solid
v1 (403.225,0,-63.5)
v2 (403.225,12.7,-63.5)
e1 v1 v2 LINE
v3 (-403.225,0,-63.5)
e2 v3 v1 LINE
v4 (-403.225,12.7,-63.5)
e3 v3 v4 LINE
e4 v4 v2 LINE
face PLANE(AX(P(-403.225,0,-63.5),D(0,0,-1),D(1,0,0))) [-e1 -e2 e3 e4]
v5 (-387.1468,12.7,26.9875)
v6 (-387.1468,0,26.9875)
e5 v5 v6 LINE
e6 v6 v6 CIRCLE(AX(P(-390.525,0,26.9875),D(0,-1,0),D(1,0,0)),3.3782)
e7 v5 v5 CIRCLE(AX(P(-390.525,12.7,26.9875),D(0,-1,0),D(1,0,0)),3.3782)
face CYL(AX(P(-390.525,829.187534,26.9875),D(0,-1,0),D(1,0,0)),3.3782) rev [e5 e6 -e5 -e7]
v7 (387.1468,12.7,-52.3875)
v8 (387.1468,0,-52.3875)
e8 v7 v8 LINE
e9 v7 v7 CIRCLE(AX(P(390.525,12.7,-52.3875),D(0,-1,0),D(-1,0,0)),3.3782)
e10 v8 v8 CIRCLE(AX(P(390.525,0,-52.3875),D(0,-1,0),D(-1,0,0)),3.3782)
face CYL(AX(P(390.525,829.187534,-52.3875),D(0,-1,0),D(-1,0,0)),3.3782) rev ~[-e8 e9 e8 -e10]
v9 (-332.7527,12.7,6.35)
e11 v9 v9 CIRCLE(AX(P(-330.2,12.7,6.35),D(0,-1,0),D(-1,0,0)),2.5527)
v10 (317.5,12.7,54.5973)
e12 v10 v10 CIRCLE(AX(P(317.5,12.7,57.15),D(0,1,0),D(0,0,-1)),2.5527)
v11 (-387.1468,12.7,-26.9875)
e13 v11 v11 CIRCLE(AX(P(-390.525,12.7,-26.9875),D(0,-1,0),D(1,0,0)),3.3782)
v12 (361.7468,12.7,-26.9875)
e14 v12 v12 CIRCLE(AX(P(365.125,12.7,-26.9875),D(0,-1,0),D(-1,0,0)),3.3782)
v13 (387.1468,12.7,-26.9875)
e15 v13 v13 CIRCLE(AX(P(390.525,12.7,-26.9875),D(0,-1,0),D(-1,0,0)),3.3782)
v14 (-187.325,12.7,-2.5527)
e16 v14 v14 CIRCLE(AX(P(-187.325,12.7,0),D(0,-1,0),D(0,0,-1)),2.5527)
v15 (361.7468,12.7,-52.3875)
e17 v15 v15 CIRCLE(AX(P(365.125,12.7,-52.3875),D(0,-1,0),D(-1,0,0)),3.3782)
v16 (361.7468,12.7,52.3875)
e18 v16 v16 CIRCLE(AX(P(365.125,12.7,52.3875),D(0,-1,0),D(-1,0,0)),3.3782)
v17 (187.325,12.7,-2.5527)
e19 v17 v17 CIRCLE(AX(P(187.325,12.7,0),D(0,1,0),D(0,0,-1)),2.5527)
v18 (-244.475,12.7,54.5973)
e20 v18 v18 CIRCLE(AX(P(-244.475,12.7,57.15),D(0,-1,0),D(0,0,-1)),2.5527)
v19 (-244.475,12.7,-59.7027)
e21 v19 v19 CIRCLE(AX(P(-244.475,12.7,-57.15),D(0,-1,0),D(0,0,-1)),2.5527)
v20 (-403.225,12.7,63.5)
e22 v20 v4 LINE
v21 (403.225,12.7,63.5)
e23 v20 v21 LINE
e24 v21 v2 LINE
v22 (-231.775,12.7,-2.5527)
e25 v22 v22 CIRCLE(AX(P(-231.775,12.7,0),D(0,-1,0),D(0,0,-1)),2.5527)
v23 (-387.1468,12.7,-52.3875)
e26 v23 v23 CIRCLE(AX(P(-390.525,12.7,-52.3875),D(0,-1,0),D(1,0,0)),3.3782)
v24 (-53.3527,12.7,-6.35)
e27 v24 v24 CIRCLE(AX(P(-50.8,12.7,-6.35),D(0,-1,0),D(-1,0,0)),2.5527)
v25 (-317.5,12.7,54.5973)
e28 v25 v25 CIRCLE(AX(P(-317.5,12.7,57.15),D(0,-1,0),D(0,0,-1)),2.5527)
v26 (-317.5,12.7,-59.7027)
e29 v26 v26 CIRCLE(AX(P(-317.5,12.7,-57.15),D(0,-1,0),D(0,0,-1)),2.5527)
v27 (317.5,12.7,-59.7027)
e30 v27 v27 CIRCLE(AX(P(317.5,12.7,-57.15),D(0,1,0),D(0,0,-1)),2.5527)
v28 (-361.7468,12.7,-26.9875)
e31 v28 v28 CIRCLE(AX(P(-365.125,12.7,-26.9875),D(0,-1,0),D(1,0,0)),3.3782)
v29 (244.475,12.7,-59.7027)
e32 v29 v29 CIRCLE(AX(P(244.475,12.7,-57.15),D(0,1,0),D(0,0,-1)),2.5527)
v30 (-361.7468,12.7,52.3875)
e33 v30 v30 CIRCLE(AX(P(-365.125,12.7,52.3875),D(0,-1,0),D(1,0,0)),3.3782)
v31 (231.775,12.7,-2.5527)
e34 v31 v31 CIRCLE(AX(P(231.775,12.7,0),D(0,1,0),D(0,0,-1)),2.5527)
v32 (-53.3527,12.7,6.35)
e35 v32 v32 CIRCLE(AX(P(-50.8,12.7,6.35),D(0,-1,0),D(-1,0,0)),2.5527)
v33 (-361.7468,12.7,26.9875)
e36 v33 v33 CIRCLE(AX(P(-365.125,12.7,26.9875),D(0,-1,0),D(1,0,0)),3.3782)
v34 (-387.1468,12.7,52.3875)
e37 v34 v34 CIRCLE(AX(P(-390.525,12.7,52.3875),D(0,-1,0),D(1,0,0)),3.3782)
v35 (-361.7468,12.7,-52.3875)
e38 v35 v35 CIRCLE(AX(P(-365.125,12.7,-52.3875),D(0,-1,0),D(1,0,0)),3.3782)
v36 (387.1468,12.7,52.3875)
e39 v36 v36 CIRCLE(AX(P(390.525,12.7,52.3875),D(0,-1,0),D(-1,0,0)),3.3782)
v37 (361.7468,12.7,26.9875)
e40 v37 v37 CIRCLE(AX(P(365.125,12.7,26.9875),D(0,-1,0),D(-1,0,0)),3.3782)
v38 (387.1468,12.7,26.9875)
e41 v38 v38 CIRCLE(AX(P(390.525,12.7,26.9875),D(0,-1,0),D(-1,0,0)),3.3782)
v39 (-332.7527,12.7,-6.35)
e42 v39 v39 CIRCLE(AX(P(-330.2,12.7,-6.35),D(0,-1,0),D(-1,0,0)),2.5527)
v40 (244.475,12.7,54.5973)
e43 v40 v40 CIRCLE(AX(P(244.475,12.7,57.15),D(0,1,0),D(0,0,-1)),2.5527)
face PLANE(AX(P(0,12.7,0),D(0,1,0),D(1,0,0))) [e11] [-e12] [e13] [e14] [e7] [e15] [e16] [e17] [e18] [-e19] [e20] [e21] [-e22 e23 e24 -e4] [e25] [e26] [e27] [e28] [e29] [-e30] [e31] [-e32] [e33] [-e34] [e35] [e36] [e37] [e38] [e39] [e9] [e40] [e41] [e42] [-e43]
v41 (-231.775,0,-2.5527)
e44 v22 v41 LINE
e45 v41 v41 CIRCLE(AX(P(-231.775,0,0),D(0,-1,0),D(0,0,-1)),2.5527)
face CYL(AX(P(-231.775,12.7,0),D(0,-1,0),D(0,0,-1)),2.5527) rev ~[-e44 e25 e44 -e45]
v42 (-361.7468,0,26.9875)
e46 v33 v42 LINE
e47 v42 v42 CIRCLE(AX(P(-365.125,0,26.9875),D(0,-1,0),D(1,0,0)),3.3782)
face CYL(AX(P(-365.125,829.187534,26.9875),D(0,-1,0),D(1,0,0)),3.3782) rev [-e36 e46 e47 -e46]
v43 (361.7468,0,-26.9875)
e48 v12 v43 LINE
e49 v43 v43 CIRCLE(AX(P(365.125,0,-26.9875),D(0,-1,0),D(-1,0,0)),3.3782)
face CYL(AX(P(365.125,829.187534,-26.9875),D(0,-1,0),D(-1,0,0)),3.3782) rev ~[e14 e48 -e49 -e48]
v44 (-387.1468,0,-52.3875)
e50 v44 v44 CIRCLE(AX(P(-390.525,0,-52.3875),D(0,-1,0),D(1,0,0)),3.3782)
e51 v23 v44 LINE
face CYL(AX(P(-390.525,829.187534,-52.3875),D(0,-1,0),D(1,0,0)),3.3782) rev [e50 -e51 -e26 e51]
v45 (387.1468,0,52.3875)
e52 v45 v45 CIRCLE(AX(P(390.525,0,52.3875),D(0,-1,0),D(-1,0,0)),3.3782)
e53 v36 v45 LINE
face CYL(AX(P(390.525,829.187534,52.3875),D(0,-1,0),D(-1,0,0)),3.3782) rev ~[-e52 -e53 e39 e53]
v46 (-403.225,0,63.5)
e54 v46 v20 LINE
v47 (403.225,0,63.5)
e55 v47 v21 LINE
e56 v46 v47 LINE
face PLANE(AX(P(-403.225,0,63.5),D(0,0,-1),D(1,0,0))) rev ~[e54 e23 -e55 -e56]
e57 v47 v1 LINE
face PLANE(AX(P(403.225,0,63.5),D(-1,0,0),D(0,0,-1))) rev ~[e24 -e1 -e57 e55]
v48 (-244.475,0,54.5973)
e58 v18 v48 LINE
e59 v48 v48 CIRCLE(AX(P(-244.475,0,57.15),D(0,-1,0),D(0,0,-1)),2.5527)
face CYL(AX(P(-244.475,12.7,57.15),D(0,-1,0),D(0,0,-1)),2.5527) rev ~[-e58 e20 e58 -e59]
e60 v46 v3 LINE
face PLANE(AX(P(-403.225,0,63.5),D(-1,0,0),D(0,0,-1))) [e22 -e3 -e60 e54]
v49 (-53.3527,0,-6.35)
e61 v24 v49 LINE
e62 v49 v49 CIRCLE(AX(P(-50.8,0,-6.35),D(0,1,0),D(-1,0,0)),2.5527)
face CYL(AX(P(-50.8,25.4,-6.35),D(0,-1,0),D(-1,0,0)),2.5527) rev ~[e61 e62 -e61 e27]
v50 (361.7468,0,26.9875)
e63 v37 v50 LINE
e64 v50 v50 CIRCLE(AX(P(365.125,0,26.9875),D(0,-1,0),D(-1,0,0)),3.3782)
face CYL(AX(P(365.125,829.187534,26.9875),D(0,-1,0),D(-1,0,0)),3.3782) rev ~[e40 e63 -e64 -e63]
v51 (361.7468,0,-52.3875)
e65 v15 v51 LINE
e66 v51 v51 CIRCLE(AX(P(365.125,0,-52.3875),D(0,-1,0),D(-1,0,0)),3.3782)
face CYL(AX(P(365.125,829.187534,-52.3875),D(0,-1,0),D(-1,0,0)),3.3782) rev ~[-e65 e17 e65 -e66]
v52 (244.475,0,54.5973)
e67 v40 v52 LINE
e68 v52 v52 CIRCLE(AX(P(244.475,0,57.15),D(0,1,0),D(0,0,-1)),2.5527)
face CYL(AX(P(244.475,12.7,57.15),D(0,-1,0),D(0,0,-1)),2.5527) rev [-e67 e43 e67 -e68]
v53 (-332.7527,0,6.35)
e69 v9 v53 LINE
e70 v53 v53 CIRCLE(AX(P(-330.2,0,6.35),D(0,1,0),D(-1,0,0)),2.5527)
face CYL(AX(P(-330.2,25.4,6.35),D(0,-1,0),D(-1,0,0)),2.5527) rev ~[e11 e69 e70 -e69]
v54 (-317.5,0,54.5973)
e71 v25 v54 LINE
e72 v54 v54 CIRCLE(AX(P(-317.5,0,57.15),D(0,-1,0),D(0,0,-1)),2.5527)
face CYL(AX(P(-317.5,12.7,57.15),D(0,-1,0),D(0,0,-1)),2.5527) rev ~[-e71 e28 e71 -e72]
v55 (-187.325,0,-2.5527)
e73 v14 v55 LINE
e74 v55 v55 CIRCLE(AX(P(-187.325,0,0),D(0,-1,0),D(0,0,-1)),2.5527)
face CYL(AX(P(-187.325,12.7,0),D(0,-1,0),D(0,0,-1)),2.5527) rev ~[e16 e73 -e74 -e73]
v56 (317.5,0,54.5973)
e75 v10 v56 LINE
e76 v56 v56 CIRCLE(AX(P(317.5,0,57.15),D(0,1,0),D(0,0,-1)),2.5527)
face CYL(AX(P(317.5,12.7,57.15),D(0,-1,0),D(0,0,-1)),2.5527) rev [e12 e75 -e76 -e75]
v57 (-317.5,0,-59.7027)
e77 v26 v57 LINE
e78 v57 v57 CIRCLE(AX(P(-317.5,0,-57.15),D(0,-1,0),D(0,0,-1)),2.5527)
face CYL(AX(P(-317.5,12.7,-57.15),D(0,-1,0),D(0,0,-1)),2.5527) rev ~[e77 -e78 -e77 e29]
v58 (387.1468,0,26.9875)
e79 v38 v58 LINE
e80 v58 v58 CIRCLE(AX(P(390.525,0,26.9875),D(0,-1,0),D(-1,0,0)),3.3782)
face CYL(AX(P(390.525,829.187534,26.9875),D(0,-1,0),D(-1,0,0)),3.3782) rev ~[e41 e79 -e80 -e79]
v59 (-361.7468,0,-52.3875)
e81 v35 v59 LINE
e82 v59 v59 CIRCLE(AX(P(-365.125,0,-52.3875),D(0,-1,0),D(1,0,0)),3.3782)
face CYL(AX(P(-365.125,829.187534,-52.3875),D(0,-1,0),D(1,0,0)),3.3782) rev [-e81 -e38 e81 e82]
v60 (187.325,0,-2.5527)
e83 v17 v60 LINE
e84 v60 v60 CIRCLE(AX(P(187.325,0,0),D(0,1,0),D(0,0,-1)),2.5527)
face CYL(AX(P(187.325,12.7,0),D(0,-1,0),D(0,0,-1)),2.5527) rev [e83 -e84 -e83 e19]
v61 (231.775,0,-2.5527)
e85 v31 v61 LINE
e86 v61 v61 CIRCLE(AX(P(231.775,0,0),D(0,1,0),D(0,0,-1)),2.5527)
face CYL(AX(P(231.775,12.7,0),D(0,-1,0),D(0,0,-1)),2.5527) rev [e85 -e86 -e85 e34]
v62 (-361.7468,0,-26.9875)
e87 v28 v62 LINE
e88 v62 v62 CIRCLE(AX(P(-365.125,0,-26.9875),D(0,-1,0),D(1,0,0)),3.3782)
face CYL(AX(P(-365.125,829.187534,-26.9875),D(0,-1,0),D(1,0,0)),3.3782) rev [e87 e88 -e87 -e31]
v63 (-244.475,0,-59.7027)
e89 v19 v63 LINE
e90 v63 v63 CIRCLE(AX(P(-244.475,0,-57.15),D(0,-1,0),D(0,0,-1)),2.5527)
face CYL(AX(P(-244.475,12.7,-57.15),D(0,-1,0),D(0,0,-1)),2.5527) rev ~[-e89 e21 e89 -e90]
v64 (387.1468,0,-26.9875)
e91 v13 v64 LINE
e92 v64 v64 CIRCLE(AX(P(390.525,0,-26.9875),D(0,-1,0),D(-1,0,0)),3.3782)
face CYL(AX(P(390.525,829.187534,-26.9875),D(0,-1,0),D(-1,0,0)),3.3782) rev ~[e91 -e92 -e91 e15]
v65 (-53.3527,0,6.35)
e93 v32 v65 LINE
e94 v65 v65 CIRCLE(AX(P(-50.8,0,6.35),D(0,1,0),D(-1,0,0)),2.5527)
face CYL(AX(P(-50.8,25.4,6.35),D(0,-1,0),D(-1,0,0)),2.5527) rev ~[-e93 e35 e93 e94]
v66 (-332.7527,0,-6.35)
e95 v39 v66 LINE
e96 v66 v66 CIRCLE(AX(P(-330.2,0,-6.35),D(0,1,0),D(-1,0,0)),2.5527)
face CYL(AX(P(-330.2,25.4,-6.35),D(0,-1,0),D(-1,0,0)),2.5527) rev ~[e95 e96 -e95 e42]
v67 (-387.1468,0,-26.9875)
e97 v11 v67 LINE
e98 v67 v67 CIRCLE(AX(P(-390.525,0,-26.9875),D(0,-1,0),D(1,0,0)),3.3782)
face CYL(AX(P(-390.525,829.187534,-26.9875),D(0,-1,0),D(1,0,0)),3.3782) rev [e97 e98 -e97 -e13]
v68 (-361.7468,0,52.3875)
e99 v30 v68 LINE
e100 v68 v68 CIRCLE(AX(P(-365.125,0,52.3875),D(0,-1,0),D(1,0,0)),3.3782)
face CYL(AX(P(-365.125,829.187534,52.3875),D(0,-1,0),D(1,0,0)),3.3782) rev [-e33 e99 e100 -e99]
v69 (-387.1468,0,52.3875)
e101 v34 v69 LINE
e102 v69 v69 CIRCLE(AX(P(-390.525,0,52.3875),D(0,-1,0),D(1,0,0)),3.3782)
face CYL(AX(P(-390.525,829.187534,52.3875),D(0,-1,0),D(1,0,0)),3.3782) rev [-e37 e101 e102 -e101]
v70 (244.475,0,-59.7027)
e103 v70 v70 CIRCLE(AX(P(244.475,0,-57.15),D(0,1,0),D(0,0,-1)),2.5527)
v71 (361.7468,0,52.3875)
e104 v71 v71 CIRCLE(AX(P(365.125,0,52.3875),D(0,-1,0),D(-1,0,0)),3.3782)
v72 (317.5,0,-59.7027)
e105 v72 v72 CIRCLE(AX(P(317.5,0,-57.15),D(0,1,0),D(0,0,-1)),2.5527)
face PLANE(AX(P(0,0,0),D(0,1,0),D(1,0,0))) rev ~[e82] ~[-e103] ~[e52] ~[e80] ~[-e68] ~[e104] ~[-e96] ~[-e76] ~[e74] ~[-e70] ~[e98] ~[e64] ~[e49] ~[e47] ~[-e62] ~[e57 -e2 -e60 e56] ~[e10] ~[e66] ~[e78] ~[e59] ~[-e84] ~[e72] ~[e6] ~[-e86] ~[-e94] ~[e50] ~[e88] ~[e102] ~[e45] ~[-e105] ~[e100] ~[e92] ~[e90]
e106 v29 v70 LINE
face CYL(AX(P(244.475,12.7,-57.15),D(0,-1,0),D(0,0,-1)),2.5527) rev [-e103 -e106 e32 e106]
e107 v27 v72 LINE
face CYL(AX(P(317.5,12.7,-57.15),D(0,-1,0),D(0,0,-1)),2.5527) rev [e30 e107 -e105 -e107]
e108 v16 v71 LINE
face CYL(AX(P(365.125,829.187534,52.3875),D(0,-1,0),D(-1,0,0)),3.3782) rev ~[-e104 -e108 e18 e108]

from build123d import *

# Parameters (mm, degrees)
SKETCH1_W                       = 806.45
SKETCH1_H                       = 127
BOSS_EXTRUDE1_DEPTH             = 12.7
F_1_4_CLEARANCE_HOLE1_D         = 6.7564
F_10_CLEARANCE_HOLE3_AT_2_COUNT = 2
F_10_CLEARANCE_HOLE3_AT_2_PITCH = 114.3
F_10_CLEARANCE_HOLE1_AT_2_COUNT = 2
F_10_CLEARANCE_HOLE1_AT_2_PITCH = 44.45
F_10_CLEARANCE_HOLE2_AT_2_COUNT = 2
F_10_CLEARANCE_HOLE2_AT_2_PITCH = 114.3
F_10_CLEARANCE_HOLE5_D          = 5.1054
F_10_CLEARANCE_HOLE5_DEPTH      = 12.7
F_10_CLEARANCE_HOLE5_TIP        = 1.533816902


with BuildPart() as part:
    # Sketch1 → Boss-Extrude1 (new body)
    with BuildSketch(Plane(origin=(0, 0, 0), x_dir=(1, 0, 0), z_dir=(0, 1, 0))):
        Rectangle(SKETCH1_W, SKETCH1_H)
    extrude(amount=BOSS_EXTRUDE1_DEPTH)

    # 1/4 Clearance Hole1 (through all)
    with Locations(Plane(origin=(0, 12.7, 0), x_dir=(1, 0, 0), z_dir=(0, 1, 0))):
        with Locations((365.125, 52.3875), (390.525, 26.9875), (365.125, 26.9875), (390.525, 52.3875), (365.125, -26.9875), (390.525, -52.3875), (365.125, -52.3875), (390.525, -26.9875)):
            f_1_4_clearance_hole1 = Hole(F_1_4_CLEARANCE_HOLE1_D / 2)

    # Sketch5 → #10 Clearance Hole3 (revolve, cut)
    with BuildSketch(Plane(origin=(317.5, 0, -57.15), x_dir=(0, 0, -1), z_dir=(1, 0, 0))):
        Polygon((0, 0), (0, 14.233816902), (2.5527, 12.7), (2.5527, 0), align=None)
    f_10_clearance_hole3 = revolve(axis=Axis((317.5, -6.35, -57.15), (0, 1, 0)), mode=Mode.SUBTRACT)

    # #10 Clearance Hole3 at 2: #10 Clearance Hole3 ×2
    with Locations(*[(0, 0, i * F_10_CLEARANCE_HOLE3_AT_2_PITCH) for i in range(1, F_10_CLEARANCE_HOLE3_AT_2_COUNT)]):
        add(f_10_clearance_hole3, mode=Mode.SUBTRACT)

    # Sketch9 → #10 Clearance Hole1 (revolve, cut)
    with BuildSketch(Plane(origin=(187.325, 0, 0), x_dir=(0, 0, -1), z_dir=(1, 0, 0))):
        Polygon((0, 0), (0, 14.233816902), (2.5527, 12.7), (2.5527, 0), align=None)
    f_10_clearance_hole1 = revolve(axis=Axis((187.325, -6.35, 0), (0, 1, 0)), mode=Mode.SUBTRACT)

    # #10 Clearance Hole1 at 2: #10 Clearance Hole1 ×2
    with Locations(*[(i * F_10_CLEARANCE_HOLE1_AT_2_PITCH, 0, 0) for i in range(1, F_10_CLEARANCE_HOLE1_AT_2_COUNT)]):
        add(f_10_clearance_hole1, mode=Mode.SUBTRACT)

    # Sketch13 → #10 Clearance Hole2 (revolve, cut)
    with BuildSketch(Plane(origin=(244.475, 0, -57.15), x_dir=(0, 0, -1), z_dir=(1, 0, 0))):
        Polygon((0, 0), (0, 14.233816902), (2.5527, 12.7), (2.5527, 0), align=None)
    f_10_clearance_hole2 = revolve(axis=Axis((244.475, -6.35, -57.15), (0, 1, 0)), mode=Mode.SUBTRACT)

    # #10 Clearance Hole2 at 2: #10 Clearance Hole2 ×2
    with Locations(*[(0, 0, i * F_10_CLEARANCE_HOLE2_AT_2_PITCH) for i in range(1, F_10_CLEARANCE_HOLE2_AT_2_COUNT)]):
        add(f_10_clearance_hole2, mode=Mode.SUBTRACT)

    # Mirror1: 1/4 Clearance Hole1, #10 Clearance Hole3, #10 Clearance Hole1, #10 Clearance Hole2 across plane
    add(f_1_4_clearance_hole1.mirror(Plane(origin=(0, 0, 0), x_dir=(0, 0, 1), z_dir=(1, 0, 0))), mode=Mode.SUBTRACT)
    add(f_10_clearance_hole3.mirror(Plane(origin=(0, 0, 0), x_dir=(0, 0, 1), z_dir=(1, 0, 0))), mode=Mode.SUBTRACT)
    add(f_10_clearance_hole1.mirror(Plane(origin=(0, 0, 0), x_dir=(0, 0, 1), z_dir=(1, 0, 0))), mode=Mode.SUBTRACT)
    add(f_10_clearance_hole2.mirror(Plane(origin=(0, 0, 0), x_dir=(0, 0, 1), z_dir=(1, 0, 0))), mode=Mode.SUBTRACT)

    # Mirror1 copy 1 sketch → Mirror1 copy 1 (revolve, cut)
    with BuildSketch(Plane(origin=(-317.5, 0, 57.15), x_dir=(0, 0, -1), z_dir=(-1, 0, 0))):
        Polygon((0, 0), (0, -14.233816902), (2.5527, -12.7), (2.5527, 0), align=None)
    revolve(axis=Axis((-317.5, -6.35, 57.15), (0, -1, 0)), mode=Mode.SUBTRACT)

    # Mirror1 copy 2 sketch → Mirror1 copy 2 (revolve, cut)
    with BuildSketch(Plane(origin=(-231.775, 0, 0), x_dir=(0, 0, -1), z_dir=(-1, 0, 0))):
        Polygon((0, 0), (0, -14.233816902), (2.5527, -12.7), (2.5527, 0), align=None)
    revolve(axis=Axis((-231.775, -6.35, 0), (0, -1, 0)), mode=Mode.SUBTRACT)

    # Mirror1 copy 3 sketch → Mirror1 copy 3 (revolve, cut)
    with BuildSketch(Plane(origin=(-244.475, 0, 57.15), x_dir=(0, 0, -1), z_dir=(-1, 0, 0))):
        Polygon((0, 0), (0, -14.233816902), (2.5527, -12.7), (2.5527, 0), align=None)
    revolve(axis=Axis((-244.475, -6.35, 57.15), (0, -1, 0)), mode=Mode.SUBTRACT)

    # #10 Clearance Hole5
    with Locations(Plane(origin=(0, 12.7, 0), x_dir=(1, 0, 0), z_dir=(0, 1, 0))):
        with Locations((-50.8, 6.35), (-50.8, -6.35), (-330.2, 6.35), (-330.2, -6.35)):
            Hole(F_10_CLEARANCE_HOLE5_D / 2, depth=F_10_CLEARANCE_HOLE5_DEPTH)
            with Locations((0, 0, -(F_10_CLEARANCE_HOLE5_DEPTH + F_10_CLEARANCE_HOLE5_TIP / 2))):  # 118° drill point
                Cone(0, F_10_CLEARANCE_HOLE5_D / 2, F_10_CLEARANCE_HOLE5_TIP, mode=Mode.SUBTRACT)


solid = part.part
